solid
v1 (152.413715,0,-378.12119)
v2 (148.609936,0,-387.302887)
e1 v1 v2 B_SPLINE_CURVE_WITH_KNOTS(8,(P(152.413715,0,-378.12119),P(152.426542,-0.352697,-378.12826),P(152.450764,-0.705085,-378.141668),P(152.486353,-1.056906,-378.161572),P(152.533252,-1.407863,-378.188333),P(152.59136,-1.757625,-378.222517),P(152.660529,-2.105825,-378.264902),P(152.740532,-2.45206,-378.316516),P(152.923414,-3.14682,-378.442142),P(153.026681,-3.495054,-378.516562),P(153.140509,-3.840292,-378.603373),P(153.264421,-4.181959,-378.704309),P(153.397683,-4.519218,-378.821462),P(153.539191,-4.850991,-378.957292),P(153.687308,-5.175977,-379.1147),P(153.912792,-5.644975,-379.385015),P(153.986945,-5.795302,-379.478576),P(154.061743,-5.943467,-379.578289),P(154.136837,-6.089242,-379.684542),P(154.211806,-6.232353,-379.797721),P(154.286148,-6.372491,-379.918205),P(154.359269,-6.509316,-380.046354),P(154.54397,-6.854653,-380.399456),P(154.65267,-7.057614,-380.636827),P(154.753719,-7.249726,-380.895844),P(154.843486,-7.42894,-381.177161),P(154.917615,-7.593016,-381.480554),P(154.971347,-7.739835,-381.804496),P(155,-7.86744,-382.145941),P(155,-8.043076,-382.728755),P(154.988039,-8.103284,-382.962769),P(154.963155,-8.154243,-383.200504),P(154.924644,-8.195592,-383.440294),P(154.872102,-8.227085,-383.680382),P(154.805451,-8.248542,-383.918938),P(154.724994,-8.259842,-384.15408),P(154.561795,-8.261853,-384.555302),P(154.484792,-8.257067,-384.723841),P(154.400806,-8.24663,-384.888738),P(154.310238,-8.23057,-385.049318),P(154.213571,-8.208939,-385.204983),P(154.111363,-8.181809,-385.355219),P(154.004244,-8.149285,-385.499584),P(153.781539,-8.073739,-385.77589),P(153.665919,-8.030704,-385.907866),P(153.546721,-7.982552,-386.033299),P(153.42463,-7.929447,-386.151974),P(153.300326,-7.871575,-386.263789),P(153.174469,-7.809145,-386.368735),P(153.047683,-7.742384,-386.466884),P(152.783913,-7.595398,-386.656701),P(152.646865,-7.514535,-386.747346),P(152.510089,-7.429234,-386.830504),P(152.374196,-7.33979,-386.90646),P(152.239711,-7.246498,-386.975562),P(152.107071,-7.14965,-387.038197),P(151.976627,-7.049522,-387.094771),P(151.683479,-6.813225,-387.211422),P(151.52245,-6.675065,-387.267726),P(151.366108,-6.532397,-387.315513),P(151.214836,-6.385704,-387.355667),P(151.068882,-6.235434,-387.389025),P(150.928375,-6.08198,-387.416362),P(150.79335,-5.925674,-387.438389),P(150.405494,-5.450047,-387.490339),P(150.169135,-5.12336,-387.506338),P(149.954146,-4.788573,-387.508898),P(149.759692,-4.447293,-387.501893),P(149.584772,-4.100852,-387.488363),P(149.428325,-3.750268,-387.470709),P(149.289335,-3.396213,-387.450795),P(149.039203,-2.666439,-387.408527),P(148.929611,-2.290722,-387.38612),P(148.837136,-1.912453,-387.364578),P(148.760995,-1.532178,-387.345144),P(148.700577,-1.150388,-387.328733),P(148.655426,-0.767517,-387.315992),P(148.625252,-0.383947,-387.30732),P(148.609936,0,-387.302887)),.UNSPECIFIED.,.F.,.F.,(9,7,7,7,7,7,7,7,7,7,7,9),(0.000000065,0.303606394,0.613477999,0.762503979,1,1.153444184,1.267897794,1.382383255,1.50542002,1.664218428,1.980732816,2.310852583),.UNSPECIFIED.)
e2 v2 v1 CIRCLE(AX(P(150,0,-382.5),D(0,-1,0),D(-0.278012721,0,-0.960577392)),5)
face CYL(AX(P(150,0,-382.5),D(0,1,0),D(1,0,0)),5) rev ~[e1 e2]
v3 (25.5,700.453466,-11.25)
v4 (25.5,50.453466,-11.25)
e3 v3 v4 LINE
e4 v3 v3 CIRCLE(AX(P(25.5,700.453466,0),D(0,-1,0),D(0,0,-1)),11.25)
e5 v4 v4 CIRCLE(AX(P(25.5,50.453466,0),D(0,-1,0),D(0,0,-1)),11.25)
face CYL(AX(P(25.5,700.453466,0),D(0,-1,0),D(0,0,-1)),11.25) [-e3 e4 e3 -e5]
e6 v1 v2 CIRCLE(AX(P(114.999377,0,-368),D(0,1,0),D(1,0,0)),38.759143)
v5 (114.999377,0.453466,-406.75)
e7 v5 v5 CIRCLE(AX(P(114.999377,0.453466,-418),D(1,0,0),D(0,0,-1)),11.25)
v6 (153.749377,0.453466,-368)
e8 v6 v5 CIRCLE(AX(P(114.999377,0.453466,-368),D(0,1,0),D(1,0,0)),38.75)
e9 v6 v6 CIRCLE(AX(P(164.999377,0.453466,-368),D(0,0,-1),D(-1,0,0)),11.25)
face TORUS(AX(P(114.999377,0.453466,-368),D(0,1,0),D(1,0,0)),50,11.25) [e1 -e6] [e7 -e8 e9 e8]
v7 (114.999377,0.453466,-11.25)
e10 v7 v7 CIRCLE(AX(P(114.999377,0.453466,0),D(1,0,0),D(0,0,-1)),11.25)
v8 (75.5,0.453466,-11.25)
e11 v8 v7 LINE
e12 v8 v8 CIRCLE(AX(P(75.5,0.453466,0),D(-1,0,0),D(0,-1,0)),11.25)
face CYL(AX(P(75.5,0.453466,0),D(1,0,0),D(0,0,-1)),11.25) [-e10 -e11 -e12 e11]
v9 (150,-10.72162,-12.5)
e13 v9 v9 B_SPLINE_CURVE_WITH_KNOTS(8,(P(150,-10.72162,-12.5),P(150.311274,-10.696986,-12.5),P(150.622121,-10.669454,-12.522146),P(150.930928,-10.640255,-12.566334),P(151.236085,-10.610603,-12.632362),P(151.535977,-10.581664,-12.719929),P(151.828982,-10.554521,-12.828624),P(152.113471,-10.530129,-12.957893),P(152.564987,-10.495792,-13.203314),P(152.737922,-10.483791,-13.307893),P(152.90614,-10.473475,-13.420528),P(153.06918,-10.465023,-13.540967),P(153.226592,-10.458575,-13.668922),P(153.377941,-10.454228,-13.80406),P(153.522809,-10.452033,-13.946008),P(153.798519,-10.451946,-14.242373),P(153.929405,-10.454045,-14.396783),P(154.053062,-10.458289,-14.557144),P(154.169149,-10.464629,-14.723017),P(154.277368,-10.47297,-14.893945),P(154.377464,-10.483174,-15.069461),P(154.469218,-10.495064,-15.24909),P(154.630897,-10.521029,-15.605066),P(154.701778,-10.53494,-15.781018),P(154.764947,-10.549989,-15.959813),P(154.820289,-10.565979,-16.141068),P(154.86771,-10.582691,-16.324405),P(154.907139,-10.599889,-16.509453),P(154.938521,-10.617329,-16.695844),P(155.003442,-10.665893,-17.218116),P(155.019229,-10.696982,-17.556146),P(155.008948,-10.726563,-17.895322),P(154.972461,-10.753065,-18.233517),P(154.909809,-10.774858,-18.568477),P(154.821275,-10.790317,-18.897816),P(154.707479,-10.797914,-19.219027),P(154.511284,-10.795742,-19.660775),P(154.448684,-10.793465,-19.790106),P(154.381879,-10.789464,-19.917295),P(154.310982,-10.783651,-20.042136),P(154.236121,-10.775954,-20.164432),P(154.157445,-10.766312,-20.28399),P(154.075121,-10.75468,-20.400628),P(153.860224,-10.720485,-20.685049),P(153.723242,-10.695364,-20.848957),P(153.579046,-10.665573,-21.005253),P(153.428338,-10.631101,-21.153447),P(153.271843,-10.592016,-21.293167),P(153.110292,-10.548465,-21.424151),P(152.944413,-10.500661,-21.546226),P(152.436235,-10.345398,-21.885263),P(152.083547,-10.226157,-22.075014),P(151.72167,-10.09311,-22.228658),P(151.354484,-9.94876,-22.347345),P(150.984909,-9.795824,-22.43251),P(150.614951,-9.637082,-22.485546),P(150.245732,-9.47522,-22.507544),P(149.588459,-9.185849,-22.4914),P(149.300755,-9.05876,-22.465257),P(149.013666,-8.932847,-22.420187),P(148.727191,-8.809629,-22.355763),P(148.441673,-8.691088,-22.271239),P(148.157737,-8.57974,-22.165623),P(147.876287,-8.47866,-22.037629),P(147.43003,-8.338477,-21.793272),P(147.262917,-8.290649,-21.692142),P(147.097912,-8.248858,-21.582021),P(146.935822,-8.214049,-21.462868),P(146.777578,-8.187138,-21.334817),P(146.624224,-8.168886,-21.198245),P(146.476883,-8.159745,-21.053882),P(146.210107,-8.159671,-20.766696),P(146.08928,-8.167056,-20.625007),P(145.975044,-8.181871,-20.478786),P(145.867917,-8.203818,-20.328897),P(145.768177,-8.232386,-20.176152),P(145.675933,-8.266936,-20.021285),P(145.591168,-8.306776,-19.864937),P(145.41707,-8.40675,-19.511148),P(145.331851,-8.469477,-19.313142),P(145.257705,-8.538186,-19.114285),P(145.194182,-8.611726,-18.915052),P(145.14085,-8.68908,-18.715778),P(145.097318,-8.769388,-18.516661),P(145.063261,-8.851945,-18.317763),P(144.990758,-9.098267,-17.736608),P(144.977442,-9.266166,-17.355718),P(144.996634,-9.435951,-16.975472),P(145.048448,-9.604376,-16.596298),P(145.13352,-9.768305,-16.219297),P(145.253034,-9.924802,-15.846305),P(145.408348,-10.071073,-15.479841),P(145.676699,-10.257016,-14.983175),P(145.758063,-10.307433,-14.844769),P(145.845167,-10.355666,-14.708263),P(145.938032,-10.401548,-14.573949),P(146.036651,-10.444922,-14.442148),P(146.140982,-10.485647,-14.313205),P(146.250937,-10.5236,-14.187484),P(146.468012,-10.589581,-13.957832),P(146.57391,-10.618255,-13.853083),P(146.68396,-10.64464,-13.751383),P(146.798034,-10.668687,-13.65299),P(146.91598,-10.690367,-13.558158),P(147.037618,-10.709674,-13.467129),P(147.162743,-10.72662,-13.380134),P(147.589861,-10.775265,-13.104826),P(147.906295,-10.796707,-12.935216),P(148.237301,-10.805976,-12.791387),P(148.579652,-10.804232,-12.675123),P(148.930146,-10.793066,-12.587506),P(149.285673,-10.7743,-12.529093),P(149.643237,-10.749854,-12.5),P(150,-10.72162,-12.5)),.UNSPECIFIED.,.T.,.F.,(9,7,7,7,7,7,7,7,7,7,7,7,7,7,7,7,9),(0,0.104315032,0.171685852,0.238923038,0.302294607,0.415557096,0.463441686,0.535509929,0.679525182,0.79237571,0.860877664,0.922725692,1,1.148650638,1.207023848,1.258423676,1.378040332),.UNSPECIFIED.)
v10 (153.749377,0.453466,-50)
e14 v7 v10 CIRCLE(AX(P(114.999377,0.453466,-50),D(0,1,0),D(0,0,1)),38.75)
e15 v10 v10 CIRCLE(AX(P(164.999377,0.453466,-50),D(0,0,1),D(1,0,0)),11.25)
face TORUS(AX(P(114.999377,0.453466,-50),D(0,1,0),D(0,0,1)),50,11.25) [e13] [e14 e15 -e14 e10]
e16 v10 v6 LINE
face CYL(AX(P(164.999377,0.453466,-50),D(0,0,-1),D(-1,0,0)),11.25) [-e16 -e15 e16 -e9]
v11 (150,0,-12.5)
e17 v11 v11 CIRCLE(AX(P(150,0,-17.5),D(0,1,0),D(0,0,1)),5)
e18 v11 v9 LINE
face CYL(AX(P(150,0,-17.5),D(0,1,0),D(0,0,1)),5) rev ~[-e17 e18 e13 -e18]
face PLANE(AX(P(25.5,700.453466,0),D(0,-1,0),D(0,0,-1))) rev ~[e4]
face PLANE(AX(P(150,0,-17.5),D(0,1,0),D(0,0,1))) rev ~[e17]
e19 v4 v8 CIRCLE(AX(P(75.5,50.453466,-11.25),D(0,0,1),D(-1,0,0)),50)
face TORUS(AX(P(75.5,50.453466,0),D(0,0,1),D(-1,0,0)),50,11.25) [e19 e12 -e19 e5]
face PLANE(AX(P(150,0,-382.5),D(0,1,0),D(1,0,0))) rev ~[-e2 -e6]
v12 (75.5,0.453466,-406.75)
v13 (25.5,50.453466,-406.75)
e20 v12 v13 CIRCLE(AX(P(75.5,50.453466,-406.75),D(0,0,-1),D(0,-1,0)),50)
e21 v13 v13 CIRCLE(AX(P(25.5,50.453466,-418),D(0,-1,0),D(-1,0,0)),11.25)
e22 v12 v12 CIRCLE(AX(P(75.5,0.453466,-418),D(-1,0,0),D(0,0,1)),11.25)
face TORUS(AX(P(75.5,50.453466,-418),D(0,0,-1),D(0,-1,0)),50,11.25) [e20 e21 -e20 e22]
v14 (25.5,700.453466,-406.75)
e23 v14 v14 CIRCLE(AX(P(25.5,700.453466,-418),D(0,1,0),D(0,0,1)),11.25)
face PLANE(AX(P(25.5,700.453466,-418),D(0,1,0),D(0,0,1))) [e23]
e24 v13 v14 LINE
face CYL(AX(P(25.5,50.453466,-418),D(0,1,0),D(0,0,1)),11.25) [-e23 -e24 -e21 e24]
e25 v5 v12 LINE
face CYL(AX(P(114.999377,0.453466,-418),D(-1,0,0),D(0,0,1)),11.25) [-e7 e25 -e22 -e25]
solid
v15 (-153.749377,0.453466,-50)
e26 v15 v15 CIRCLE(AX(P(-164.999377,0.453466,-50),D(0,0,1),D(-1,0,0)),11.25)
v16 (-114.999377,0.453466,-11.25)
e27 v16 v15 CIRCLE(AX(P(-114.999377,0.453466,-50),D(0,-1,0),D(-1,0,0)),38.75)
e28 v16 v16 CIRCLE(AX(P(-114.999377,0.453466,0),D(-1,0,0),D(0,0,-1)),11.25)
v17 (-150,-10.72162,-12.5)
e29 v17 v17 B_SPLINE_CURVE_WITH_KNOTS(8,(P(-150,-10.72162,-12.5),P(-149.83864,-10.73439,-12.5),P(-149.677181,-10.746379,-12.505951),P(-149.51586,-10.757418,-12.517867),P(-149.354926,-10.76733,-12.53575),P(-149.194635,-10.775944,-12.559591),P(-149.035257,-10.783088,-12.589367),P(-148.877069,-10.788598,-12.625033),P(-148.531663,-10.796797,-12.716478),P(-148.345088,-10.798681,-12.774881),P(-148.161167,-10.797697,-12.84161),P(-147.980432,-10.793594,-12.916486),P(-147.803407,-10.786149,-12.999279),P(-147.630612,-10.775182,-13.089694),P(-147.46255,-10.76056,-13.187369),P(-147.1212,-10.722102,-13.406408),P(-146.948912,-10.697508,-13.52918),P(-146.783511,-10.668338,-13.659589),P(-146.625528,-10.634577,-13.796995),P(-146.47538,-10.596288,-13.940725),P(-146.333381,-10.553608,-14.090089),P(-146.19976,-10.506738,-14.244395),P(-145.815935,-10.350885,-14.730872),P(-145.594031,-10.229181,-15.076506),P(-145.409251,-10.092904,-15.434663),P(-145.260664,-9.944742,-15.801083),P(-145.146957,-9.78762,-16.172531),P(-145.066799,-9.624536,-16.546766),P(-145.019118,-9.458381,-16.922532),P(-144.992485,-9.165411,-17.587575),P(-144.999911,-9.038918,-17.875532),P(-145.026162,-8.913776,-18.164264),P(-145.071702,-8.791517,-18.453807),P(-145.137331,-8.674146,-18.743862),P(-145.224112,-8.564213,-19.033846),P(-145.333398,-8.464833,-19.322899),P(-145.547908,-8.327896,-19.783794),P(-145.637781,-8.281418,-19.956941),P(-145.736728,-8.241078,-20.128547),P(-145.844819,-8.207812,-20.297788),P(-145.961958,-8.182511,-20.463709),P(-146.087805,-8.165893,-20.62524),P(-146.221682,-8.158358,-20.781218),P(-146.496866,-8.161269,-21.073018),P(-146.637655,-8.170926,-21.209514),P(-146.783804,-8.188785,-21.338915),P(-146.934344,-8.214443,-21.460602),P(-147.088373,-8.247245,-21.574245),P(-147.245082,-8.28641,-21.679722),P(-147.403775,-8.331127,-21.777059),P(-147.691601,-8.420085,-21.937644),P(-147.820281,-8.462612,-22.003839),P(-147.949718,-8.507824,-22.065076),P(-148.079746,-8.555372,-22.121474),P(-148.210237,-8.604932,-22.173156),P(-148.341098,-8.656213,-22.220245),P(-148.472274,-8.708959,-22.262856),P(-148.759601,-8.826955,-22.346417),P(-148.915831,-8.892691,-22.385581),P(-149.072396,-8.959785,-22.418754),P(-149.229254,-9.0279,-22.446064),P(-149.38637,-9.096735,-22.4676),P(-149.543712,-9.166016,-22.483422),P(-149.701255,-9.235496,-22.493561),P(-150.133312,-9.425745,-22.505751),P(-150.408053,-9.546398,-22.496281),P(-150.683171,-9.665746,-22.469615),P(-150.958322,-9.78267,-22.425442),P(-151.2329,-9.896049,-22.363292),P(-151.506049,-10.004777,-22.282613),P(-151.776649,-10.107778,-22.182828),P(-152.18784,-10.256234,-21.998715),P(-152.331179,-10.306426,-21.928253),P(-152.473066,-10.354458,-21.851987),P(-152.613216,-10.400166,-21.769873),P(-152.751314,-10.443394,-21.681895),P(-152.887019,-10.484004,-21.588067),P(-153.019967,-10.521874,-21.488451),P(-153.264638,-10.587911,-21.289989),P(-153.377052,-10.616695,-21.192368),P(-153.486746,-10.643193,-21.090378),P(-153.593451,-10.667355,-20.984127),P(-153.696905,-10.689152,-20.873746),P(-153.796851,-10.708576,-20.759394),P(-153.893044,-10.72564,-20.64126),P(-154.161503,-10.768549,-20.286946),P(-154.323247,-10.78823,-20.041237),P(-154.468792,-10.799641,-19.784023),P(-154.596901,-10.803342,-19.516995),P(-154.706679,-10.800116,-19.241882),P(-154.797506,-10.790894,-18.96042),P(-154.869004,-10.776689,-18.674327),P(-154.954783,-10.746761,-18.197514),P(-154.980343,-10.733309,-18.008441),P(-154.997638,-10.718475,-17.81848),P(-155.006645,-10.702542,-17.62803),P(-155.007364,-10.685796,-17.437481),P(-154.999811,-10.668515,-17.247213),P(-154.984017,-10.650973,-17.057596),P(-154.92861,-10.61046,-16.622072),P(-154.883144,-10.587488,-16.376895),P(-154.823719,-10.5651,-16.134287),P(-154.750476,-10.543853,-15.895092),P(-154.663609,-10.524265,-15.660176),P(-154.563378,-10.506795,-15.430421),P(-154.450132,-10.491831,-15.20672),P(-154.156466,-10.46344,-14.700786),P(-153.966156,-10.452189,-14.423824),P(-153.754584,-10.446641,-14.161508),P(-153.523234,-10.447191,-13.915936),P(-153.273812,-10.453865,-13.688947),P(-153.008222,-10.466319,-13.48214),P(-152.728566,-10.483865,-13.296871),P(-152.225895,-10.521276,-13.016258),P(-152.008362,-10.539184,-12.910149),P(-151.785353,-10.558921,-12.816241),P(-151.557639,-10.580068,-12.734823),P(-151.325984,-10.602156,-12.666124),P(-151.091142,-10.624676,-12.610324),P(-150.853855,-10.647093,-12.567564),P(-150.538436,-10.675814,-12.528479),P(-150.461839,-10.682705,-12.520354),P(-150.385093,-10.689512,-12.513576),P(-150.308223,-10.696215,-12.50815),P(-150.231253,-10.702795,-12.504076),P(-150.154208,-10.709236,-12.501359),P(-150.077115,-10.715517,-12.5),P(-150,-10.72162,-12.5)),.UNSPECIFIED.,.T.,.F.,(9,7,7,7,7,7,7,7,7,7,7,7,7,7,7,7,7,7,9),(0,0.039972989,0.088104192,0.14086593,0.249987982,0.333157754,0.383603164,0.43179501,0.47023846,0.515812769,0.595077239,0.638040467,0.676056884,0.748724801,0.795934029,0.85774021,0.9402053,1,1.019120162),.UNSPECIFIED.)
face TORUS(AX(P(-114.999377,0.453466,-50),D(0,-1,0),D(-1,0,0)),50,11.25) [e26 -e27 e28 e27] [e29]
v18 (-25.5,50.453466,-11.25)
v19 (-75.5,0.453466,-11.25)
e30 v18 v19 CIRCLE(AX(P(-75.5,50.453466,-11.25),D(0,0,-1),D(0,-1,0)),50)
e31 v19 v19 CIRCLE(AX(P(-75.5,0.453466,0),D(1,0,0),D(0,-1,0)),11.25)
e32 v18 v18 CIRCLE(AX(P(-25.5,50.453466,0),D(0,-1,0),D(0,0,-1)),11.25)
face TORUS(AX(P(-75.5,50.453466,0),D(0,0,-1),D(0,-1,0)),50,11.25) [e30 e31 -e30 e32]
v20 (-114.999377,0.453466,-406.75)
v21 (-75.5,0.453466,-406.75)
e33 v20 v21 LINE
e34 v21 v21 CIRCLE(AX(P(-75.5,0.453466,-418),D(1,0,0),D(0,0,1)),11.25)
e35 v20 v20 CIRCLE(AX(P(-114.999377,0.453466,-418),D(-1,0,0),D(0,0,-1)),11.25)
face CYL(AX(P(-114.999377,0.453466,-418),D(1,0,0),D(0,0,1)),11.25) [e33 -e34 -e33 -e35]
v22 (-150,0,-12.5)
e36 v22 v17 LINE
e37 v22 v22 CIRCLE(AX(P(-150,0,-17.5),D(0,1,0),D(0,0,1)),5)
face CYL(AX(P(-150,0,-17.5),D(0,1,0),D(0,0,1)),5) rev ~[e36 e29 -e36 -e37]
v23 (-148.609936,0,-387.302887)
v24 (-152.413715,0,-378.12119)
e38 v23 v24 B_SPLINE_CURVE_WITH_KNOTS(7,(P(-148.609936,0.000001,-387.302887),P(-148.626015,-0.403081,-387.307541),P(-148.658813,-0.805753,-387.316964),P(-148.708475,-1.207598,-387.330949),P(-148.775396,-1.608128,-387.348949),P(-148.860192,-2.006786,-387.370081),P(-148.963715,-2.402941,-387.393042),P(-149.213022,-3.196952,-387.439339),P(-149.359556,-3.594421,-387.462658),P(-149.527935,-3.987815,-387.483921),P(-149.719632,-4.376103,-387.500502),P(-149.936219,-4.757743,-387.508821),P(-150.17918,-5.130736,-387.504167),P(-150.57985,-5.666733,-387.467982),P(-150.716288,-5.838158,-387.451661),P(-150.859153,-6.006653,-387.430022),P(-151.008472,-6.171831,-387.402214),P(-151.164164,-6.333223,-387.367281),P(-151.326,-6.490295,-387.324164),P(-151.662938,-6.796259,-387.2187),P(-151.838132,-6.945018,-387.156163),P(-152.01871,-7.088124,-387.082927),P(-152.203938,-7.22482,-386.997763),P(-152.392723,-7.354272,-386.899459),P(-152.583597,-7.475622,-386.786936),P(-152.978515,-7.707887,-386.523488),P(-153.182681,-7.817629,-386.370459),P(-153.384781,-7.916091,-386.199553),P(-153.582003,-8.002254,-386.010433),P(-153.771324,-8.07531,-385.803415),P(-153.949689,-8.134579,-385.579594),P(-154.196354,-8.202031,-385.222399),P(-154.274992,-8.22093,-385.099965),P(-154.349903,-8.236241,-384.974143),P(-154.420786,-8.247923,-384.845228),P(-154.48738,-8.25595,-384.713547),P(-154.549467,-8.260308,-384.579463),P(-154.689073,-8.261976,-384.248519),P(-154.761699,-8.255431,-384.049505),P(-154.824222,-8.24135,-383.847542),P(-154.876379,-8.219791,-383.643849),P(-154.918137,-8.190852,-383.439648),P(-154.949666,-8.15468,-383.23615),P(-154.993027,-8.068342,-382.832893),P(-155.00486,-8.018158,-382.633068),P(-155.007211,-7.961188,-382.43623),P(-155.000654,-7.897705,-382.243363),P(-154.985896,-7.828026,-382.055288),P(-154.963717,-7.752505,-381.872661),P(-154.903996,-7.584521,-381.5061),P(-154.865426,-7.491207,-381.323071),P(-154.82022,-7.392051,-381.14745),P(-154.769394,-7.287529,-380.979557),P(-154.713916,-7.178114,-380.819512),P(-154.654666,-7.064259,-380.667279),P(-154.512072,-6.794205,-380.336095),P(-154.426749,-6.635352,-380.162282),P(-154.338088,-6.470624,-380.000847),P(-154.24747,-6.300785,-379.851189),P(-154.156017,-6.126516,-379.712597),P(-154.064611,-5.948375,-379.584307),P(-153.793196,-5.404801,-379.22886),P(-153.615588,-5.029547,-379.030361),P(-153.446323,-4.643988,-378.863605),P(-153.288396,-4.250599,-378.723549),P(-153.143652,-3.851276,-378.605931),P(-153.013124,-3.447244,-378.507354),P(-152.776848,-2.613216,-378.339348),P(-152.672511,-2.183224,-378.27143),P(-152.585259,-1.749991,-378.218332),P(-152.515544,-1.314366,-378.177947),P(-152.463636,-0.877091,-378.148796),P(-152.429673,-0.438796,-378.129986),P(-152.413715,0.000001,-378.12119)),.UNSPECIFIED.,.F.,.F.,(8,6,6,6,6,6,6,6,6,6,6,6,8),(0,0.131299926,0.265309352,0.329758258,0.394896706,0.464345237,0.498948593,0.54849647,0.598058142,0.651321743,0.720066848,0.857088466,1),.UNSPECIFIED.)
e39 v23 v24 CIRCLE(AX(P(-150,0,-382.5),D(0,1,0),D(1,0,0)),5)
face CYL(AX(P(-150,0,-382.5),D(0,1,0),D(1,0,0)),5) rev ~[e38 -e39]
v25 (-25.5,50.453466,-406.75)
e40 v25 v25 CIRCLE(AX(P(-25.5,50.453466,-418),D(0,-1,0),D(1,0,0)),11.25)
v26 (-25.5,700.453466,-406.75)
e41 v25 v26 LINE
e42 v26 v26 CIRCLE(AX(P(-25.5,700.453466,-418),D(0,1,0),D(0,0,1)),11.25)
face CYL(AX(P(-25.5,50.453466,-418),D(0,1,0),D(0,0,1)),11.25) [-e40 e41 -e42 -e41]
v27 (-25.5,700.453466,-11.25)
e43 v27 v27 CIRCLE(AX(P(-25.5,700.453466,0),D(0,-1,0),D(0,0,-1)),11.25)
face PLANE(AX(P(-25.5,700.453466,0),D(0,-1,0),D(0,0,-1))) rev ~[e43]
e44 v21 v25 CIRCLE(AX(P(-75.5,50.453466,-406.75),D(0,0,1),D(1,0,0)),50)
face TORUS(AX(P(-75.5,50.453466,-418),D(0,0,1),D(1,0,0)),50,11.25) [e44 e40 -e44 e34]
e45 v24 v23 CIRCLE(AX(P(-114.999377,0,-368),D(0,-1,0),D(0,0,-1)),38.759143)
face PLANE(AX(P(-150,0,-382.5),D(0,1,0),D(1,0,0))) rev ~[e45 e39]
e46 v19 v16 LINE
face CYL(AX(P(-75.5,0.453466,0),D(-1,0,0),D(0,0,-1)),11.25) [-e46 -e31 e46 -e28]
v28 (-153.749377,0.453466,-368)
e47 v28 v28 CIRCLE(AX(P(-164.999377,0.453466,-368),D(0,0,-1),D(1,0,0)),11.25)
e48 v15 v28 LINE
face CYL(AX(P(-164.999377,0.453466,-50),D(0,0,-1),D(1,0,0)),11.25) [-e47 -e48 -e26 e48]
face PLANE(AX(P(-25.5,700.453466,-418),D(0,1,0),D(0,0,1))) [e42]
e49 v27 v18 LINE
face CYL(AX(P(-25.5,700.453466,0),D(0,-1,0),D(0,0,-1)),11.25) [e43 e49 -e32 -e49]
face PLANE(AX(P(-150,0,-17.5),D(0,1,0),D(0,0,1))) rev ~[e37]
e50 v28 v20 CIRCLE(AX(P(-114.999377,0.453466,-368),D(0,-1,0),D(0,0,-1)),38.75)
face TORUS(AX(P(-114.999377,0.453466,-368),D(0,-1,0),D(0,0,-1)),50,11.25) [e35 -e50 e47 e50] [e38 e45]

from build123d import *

# Parameters (mm, degrees)
SWEEP_1_PROFILE_R   = 11.25
SWEEP_2_PROFILE_R   = 11.25
SKETCH_35_R         = 5
CUT_EXTRUDE_1_DEPTH = 841.210963366


with BuildPart() as part:
    # 扫描1: sweep along a curve in space
    with BuildLine() as sweep_1_path:
        Line((25.5, 700.453465614, 0), (25.5, 50.453465614, 0))
        ThreePointArc((25.5, 50.453465614, 0), (40.144660941, 15.098126555, 0), (75.5, 0.453465614, 0))
        Line((75.5, 0.453465614, 0), (114.999376874, 0.453465614, 0))
        ThreePointArc((114.999376874, 0.453465614, 0), (150.354715934, 0.453465614, -14.644660941), (164.999376874, 0.453465614, -50))
        Line((164.999376874, 0.453465614, -50), (164.999376874, 0.453465614, -368))
        ThreePointArc((164.999376874, 0.453465614, -368), (150.354715934, 0.453465614, -403.355339059), (114.999376874, 0.453465614, -418))
        Line((114.999376874, 0.453465614, -418), (75.5, 0.453465614, -418))
        ThreePointArc((75.5, 0.453465614, -418), (40.144660941, 15.098126555, -418), (25.5, 50.453465614, -418))
        Line((25.5, 50.453465614, -418), (25.5, 700.453465614, -418))
    # 扫描1 profile (on start of the path) → 扫描1 (sweep)
    with BuildSketch(Plane(origin=(25.5, 700.453465614, 0), x_dir=(0, 0, -1), z_dir=(0, -1, 0))):
        Circle(SWEEP_1_PROFILE_R)
    sweep(path=sweep_1_path.line)


with BuildPart() as body_2:
    # 扫描2: sweep along a curve in space
    with BuildLine() as sweep_2_path:
        Line((-25.5, 50.453465614, -418), (-25.5, 700.453465614, -418))
        ThreePointArc((-25.5, 50.453465614, -418), (-40.144660941, 15.098126555, -418), (-75.5, 0.453465614, -418))
        Line((-114.999376874, 0.453465614, -418), (-75.5, 0.453465614, -418))
        ThreePointArc((-114.999376874, 0.453465614, -418), (-150.354715934, 0.453465614, -403.355339059), (-164.999376874, 0.453465614, -368))
        Line((-164.999376874, 0.453465614, -50), (-164.999376874, 0.453465614, -368))
        ThreePointArc((-164.999376874, 0.453465614, -50), (-150.354715934, 0.453465614, -14.644660941), (-114.999376874, 0.453465614, 0))
        Line((-75.5, 0.453465614, 0), (-114.999376874, 0.453465614, 0))
        ThreePointArc((-75.5, 0.453465614, 0), (-40.144660941, 15.098126555, 0), (-25.5, 50.453465614, 0))
        Line((-25.5, 700.453465614, 0), (-25.5, 50.453465614, 0))
    # 扫描2 profile (on start of the path) → 扫描2 (sweep)
    with BuildSketch(Plane(origin=(-25.5, 700.453465614, 0), x_dir=(0, 0, -1), z_dir=(0, -1, 0))):
        Circle(SWEEP_2_PROFILE_R)
    sweep(path=sweep_2_path.line)


with BuildPart() as cut_extrude_1_tool:
    # 草图35 → 切除-拉伸1 (new, through all)
    with BuildSketch(Plane(origin=(0, 0, 0), x_dir=(1, 0, 0), z_dir=(0, 1, 0))):
        with Locations((-150, 382.5)):
            Circle(SKETCH_35_R)
        with Locations((150, 382.5)):
            Circle(SKETCH_35_R)
        with Locations((150, 17.5)):
            Circle(SKETCH_35_R)
        with Locations((-150, 17.5)):
            Circle(SKETCH_35_R)
    extrude(amount=-CUT_EXTRUDE_1_DEPTH)


with BuildPart() as part_1:
    add(part.part)

    # 切除-拉伸1: cut by cut_extrude_1_tool
    add(cut_extrude_1_tool.part, mode=Mode.SUBTRACT)


with BuildPart() as body_2_1:
    add(body_2.part)

    # 切除-拉伸1: cut by cut_extrude_1_tool
    add(cut_extrude_1_tool.part, mode=Mode.SUBTRACT)


solid = Compound([part_1.part, body_2_1.part])
